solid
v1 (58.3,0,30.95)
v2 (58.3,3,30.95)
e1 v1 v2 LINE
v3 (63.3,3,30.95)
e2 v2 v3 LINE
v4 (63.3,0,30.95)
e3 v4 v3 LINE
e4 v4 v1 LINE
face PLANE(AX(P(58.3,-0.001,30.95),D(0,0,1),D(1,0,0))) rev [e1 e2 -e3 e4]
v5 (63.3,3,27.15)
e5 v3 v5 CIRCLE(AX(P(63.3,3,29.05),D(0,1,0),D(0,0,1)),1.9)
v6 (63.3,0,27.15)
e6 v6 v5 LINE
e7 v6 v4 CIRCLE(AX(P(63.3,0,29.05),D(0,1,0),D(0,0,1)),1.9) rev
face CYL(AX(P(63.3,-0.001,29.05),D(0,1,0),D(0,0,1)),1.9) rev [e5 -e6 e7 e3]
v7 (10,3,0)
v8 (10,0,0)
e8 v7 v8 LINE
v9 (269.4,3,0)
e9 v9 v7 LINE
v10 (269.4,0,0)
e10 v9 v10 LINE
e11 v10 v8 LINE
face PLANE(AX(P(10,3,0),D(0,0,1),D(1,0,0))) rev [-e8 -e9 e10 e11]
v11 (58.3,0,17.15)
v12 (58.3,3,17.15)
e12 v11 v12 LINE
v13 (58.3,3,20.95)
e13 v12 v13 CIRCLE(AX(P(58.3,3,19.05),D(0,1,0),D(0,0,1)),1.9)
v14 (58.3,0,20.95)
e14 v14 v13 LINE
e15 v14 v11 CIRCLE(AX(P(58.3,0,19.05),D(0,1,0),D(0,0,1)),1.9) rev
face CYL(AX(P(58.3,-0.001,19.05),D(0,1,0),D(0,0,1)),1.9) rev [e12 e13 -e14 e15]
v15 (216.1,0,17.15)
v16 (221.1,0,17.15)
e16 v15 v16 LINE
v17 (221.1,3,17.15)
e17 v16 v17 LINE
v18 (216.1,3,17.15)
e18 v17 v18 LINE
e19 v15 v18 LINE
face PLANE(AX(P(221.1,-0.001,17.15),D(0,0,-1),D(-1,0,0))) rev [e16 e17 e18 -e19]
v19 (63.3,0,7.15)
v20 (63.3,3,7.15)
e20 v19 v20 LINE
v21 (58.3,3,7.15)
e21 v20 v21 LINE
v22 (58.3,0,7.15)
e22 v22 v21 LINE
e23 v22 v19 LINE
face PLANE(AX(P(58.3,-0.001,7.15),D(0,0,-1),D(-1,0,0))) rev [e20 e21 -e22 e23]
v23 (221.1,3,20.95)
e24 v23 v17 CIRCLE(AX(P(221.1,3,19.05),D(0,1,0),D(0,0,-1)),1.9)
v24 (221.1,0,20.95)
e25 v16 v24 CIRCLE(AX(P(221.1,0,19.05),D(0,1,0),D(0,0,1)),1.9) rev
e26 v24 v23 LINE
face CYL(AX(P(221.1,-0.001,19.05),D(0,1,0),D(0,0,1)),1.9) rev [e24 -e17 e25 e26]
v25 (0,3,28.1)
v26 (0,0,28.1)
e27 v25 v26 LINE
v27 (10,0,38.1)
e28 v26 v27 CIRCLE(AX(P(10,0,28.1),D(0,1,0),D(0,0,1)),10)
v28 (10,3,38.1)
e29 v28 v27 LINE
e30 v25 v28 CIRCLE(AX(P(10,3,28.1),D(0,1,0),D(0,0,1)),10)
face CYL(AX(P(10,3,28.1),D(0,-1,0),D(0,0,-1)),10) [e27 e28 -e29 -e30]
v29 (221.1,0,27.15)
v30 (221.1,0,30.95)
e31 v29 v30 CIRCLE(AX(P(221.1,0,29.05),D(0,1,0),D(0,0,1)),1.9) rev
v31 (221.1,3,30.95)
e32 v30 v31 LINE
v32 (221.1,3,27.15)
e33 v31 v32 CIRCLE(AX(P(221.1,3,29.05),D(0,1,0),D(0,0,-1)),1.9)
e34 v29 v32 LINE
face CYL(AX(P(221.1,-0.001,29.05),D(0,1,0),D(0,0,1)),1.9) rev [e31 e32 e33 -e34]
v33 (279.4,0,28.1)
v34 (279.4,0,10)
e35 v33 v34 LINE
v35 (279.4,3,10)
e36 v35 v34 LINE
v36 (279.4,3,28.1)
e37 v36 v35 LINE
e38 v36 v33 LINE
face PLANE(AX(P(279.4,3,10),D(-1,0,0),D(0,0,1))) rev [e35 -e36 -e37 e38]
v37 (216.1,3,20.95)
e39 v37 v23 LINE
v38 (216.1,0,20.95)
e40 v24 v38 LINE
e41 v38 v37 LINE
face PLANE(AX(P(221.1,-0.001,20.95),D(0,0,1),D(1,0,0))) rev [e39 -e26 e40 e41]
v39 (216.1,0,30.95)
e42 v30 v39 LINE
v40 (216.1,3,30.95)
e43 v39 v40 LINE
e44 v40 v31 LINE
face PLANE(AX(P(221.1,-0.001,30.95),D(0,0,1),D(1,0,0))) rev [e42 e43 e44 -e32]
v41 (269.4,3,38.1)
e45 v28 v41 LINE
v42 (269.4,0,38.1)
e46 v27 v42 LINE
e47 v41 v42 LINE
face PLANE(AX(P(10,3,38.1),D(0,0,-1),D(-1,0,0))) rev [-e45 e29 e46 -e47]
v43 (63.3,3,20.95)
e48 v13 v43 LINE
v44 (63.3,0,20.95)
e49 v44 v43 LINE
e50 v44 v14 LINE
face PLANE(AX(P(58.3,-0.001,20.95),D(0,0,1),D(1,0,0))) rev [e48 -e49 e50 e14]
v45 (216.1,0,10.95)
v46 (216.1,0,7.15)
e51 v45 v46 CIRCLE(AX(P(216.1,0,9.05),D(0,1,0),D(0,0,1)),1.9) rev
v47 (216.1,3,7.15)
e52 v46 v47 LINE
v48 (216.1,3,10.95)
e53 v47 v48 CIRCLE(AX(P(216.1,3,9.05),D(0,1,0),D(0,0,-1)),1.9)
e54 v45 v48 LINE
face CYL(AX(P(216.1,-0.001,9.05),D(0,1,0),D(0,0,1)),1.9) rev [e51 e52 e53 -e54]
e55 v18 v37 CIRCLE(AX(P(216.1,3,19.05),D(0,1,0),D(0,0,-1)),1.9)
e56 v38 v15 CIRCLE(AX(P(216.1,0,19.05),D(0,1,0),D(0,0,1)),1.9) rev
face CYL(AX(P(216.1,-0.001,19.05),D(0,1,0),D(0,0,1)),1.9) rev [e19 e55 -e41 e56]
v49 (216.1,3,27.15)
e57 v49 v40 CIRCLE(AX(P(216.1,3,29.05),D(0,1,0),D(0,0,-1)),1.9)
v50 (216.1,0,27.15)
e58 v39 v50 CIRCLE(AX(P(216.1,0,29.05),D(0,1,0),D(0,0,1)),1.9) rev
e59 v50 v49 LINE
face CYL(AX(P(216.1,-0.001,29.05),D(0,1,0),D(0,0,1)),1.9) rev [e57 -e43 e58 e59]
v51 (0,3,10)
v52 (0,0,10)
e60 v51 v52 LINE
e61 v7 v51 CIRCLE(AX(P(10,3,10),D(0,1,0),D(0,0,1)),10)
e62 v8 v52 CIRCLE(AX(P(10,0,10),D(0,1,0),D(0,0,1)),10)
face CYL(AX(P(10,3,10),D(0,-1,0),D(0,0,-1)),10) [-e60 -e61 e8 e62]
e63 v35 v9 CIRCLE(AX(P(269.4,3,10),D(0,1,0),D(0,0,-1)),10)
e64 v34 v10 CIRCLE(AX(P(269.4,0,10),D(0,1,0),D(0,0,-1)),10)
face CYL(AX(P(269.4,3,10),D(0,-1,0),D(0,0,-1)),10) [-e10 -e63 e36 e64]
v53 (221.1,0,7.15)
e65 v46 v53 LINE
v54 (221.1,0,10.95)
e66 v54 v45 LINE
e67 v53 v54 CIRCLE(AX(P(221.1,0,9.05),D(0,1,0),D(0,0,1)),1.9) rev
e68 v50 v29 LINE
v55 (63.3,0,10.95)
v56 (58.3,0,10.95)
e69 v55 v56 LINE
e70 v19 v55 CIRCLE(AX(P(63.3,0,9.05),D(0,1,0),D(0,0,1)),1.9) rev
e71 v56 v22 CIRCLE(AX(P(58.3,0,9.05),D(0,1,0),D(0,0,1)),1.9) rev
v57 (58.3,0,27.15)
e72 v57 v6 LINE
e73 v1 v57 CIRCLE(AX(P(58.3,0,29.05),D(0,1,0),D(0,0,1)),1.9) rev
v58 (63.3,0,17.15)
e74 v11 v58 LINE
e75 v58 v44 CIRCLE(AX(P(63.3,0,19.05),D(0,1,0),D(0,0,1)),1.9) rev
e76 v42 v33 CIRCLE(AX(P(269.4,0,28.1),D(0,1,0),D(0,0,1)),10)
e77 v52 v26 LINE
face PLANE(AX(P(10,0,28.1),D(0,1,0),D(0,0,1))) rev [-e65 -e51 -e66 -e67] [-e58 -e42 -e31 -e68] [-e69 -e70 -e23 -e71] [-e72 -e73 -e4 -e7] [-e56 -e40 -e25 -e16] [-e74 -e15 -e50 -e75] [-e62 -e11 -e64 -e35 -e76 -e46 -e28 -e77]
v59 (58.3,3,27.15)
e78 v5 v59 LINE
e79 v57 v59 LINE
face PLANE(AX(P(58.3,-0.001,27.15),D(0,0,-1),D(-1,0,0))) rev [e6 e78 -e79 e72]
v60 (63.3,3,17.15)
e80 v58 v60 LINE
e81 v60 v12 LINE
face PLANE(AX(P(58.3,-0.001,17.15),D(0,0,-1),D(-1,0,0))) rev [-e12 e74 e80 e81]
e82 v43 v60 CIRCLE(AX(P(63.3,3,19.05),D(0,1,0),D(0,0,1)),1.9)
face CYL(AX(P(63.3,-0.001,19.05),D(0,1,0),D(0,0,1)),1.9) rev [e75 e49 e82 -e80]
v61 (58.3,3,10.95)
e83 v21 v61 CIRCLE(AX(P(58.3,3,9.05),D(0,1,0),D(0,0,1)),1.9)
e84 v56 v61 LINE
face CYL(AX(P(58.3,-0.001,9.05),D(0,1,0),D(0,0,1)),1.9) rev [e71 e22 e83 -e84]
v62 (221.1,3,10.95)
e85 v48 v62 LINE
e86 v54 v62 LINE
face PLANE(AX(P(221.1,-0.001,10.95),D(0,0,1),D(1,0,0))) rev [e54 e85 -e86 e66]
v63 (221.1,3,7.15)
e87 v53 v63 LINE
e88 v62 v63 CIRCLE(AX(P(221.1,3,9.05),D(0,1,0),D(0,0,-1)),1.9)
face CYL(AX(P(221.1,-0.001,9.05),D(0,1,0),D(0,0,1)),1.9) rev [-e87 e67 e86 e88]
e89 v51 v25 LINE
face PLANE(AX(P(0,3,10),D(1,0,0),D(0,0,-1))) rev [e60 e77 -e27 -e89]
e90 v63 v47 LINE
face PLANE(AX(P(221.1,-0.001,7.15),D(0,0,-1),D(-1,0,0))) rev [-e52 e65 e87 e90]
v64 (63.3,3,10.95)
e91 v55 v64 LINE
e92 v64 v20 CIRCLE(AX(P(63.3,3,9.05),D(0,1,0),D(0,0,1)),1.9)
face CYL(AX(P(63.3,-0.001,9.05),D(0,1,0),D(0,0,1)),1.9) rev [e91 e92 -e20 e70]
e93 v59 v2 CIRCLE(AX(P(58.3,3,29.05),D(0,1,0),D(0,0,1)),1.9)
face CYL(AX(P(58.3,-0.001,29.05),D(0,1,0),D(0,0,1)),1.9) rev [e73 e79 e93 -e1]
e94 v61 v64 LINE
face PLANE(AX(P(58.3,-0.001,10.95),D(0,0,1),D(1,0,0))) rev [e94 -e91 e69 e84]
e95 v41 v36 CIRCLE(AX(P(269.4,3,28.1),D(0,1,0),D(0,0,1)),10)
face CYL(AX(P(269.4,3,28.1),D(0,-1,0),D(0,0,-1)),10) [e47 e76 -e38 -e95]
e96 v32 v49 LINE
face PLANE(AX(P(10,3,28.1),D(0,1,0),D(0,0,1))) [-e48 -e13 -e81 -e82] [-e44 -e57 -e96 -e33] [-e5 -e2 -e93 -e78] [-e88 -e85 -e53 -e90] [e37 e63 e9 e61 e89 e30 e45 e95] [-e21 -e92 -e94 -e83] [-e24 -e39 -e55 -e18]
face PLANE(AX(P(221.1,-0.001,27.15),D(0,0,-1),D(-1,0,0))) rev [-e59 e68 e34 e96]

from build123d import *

# Parameters (mm, degrees)
BOSS_EXTRUDE1_DEPTH = 3
CUT_EXTRUDE1_REACH  = 284.002


with BuildPart() as part:
    # Sketch1 → Boss-Extrude1 (new body)
    with BuildSketch(Plane(origin=(0, 0, 0), x_dir=(1, 0, 0), z_dir=(0, 1, 0))):
        with BuildLine():
            Line((10, 0), (269.4, 0))
            ThreePointArc((269.4, 0), (276.471067812, -2.928932188), (279.4, -10))
            Line((279.4, -10), (279.4, -28.1))
            ThreePointArc((279.4, -28.1), (276.471067812, -35.171067812), (269.4, -38.1))
            Line((269.4, -38.1), (10, -38.1))
            ThreePointArc((10, -38.1), (2.928932188, -35.171067812), (0, -28.1))
            Line((0, -28.1), (0, -10))
            ThreePointArc((0, -10), (2.928932188, -2.928932188), (10, 0))
        make_face()
    extrude(amount=BOSS_EXTRUDE1_DEPTH)

    # Sketch2 → Cut-Extrude1 (cut, up to next)
    with BuildSketch(Plane(origin=(0, 3, 0), x_dir=(1, 0, 0), z_dir=(0, 1, 0)), mode=Mode.PRIVATE) as cut_extrude1_sk1:
        with BuildLine():
            Line((58.3, -17.15), (63.3, -17.15))
            ThreePointArc((63.3, -17.15), (65.2, -19.05), (63.3, -20.95))
            Line((63.3, -20.95), (58.3, -20.95))
            ThreePointArc((58.3, -20.95), (56.4, -19.05), (58.3, -17.15))
        make_face()
    cut_extrude1_tool1 = extrude(cut_extrude1_sk1.sketch, amount=-CUT_EXTRUDE1_REACH, mode=Mode.PRIVATE) & part.part
    # Sketch2 → Cut-Extrude1 (cut, up to next)
    with BuildSketch(Plane(origin=(0, 3, 0), x_dir=(1, 0, 0), z_dir=(0, 1, 0)), mode=Mode.PRIVATE) as cut_extrude1_sk2:
        with BuildLine():
            Line((221.1, -17.15), (216.1, -17.15))
            ThreePointArc((216.1, -17.15), (214.2, -19.05), (216.1, -20.95))
            Line((216.1, -20.95), (221.1, -20.95))
            ThreePointArc((221.1, -20.95), (223, -19.05), (221.1, -17.15))
        make_face()
    cut_extrude1_tool2 = extrude(cut_extrude1_sk2.sketch, amount=-CUT_EXTRUDE1_REACH, mode=Mode.PRIVATE) & part.part
    # Sketch2 → Cut-Extrude1 (cut, up to next)
    with BuildSketch(Plane(origin=(0, 3, 0), x_dir=(1, 0, 0), z_dir=(0, 1, 0)), mode=Mode.PRIVATE) as cut_extrude1_sk3:
        with BuildLine():
            Line((221.1, -27.15), (216.1, -27.15))
            ThreePointArc((216.1, -27.15), (214.2, -29.05), (216.1, -30.95))
            Line((216.1, -30.95), (221.1, -30.95))
            ThreePointArc((221.1, -30.95), (223, -29.05), (221.1, -27.15))
        make_face()
    cut_extrude1_tool3 = extrude(cut_extrude1_sk3.sketch, amount=-CUT_EXTRUDE1_REACH, mode=Mode.PRIVATE) & part.part
    # Sketch2 → Cut-Extrude1 (cut, up to next)
    with BuildSketch(Plane(origin=(0, 3, 0), x_dir=(1, 0, 0), z_dir=(0, 1, 0)), mode=Mode.PRIVATE) as cut_extrude1_sk4:
        with BuildLine():
            Line((221.1, -7.15), (216.1, -7.15))
            ThreePointArc((216.1, -7.15), (214.2, -9.05), (216.1, -10.95))
            Line((216.1, -10.95), (221.1, -10.95))
            ThreePointArc((221.1, -10.95), (223, -9.05), (221.1, -7.15))
        make_face()
    cut_extrude1_tool4 = extrude(cut_extrude1_sk4.sketch, amount=-CUT_EXTRUDE1_REACH, mode=Mode.PRIVATE) & part.part
    # Sketch2 → Cut-Extrude1 (cut, up to next)
    with BuildSketch(Plane(origin=(0, 3, 0), x_dir=(1, 0, 0), z_dir=(0, 1, 0)), mode=Mode.PRIVATE) as cut_extrude1_sk5:
        with BuildLine():
            Line((58.3, -27.15), (63.3, -27.15))
            ThreePointArc((63.3, -27.15), (65.2, -29.05), (63.3, -30.95))
            Line((63.3, -30.95), (58.3, -30.95))
            ThreePointArc((58.3, -30.95), (56.4, -29.05), (58.3, -27.15))
        make_face()
    cut_extrude1_tool5 = extrude(cut_extrude1_sk5.sketch, amount=-CUT_EXTRUDE1_REACH, mode=Mode.PRIVATE) & part.part
    # Sketch2 → Cut-Extrude1 (cut, up to next)
    with BuildSketch(Plane(origin=(0, 3, 0), x_dir=(1, 0, 0), z_dir=(0, 1, 0)), mode=Mode.PRIVATE) as cut_extrude1_sk6:
        with BuildLine():
            Line((58.3, -7.15), (63.3, -7.15))
            ThreePointArc((63.3, -7.15), (65.2, -9.05), (63.3, -10.95))
            Line((63.3, -10.95), (58.3, -10.95))
            ThreePointArc((58.3, -10.95), (56.4, -9.05), (58.3, -7.15))
        make_face()
    cut_extrude1_tool6 = extrude(cut_extrude1_sk6.sketch, amount=-CUT_EXTRUDE1_REACH, mode=Mode.PRIVATE) & part.part
    add(cut_extrude1_tool1.solids().sort_by_distance((60.8, 3, 19.05))[0], mode=Mode.SUBTRACT)
    add(cut_extrude1_tool2.solids().sort_by_distance((218.6, 3, 19.05))[0], mode=Mode.SUBTRACT)
    add(cut_extrude1_tool3.solids().sort_by_distance((218.6, 3, 29.05))[0], mode=Mode.SUBTRACT)
    add(cut_extrude1_tool4.solids().sort_by_distance((218.6, 3, 9.05))[0], mode=Mode.SUBTRACT)
    add(cut_extrude1_tool5.solids().sort_by_distance((60.8, 3, 29.05))[0], mode=Mode.SUBTRACT)
    add(cut_extrude1_tool6.solids().sort_by_distance((60.8, 3, 9.05))[0], mode=Mode.SUBTRACT)


solid = part.part
